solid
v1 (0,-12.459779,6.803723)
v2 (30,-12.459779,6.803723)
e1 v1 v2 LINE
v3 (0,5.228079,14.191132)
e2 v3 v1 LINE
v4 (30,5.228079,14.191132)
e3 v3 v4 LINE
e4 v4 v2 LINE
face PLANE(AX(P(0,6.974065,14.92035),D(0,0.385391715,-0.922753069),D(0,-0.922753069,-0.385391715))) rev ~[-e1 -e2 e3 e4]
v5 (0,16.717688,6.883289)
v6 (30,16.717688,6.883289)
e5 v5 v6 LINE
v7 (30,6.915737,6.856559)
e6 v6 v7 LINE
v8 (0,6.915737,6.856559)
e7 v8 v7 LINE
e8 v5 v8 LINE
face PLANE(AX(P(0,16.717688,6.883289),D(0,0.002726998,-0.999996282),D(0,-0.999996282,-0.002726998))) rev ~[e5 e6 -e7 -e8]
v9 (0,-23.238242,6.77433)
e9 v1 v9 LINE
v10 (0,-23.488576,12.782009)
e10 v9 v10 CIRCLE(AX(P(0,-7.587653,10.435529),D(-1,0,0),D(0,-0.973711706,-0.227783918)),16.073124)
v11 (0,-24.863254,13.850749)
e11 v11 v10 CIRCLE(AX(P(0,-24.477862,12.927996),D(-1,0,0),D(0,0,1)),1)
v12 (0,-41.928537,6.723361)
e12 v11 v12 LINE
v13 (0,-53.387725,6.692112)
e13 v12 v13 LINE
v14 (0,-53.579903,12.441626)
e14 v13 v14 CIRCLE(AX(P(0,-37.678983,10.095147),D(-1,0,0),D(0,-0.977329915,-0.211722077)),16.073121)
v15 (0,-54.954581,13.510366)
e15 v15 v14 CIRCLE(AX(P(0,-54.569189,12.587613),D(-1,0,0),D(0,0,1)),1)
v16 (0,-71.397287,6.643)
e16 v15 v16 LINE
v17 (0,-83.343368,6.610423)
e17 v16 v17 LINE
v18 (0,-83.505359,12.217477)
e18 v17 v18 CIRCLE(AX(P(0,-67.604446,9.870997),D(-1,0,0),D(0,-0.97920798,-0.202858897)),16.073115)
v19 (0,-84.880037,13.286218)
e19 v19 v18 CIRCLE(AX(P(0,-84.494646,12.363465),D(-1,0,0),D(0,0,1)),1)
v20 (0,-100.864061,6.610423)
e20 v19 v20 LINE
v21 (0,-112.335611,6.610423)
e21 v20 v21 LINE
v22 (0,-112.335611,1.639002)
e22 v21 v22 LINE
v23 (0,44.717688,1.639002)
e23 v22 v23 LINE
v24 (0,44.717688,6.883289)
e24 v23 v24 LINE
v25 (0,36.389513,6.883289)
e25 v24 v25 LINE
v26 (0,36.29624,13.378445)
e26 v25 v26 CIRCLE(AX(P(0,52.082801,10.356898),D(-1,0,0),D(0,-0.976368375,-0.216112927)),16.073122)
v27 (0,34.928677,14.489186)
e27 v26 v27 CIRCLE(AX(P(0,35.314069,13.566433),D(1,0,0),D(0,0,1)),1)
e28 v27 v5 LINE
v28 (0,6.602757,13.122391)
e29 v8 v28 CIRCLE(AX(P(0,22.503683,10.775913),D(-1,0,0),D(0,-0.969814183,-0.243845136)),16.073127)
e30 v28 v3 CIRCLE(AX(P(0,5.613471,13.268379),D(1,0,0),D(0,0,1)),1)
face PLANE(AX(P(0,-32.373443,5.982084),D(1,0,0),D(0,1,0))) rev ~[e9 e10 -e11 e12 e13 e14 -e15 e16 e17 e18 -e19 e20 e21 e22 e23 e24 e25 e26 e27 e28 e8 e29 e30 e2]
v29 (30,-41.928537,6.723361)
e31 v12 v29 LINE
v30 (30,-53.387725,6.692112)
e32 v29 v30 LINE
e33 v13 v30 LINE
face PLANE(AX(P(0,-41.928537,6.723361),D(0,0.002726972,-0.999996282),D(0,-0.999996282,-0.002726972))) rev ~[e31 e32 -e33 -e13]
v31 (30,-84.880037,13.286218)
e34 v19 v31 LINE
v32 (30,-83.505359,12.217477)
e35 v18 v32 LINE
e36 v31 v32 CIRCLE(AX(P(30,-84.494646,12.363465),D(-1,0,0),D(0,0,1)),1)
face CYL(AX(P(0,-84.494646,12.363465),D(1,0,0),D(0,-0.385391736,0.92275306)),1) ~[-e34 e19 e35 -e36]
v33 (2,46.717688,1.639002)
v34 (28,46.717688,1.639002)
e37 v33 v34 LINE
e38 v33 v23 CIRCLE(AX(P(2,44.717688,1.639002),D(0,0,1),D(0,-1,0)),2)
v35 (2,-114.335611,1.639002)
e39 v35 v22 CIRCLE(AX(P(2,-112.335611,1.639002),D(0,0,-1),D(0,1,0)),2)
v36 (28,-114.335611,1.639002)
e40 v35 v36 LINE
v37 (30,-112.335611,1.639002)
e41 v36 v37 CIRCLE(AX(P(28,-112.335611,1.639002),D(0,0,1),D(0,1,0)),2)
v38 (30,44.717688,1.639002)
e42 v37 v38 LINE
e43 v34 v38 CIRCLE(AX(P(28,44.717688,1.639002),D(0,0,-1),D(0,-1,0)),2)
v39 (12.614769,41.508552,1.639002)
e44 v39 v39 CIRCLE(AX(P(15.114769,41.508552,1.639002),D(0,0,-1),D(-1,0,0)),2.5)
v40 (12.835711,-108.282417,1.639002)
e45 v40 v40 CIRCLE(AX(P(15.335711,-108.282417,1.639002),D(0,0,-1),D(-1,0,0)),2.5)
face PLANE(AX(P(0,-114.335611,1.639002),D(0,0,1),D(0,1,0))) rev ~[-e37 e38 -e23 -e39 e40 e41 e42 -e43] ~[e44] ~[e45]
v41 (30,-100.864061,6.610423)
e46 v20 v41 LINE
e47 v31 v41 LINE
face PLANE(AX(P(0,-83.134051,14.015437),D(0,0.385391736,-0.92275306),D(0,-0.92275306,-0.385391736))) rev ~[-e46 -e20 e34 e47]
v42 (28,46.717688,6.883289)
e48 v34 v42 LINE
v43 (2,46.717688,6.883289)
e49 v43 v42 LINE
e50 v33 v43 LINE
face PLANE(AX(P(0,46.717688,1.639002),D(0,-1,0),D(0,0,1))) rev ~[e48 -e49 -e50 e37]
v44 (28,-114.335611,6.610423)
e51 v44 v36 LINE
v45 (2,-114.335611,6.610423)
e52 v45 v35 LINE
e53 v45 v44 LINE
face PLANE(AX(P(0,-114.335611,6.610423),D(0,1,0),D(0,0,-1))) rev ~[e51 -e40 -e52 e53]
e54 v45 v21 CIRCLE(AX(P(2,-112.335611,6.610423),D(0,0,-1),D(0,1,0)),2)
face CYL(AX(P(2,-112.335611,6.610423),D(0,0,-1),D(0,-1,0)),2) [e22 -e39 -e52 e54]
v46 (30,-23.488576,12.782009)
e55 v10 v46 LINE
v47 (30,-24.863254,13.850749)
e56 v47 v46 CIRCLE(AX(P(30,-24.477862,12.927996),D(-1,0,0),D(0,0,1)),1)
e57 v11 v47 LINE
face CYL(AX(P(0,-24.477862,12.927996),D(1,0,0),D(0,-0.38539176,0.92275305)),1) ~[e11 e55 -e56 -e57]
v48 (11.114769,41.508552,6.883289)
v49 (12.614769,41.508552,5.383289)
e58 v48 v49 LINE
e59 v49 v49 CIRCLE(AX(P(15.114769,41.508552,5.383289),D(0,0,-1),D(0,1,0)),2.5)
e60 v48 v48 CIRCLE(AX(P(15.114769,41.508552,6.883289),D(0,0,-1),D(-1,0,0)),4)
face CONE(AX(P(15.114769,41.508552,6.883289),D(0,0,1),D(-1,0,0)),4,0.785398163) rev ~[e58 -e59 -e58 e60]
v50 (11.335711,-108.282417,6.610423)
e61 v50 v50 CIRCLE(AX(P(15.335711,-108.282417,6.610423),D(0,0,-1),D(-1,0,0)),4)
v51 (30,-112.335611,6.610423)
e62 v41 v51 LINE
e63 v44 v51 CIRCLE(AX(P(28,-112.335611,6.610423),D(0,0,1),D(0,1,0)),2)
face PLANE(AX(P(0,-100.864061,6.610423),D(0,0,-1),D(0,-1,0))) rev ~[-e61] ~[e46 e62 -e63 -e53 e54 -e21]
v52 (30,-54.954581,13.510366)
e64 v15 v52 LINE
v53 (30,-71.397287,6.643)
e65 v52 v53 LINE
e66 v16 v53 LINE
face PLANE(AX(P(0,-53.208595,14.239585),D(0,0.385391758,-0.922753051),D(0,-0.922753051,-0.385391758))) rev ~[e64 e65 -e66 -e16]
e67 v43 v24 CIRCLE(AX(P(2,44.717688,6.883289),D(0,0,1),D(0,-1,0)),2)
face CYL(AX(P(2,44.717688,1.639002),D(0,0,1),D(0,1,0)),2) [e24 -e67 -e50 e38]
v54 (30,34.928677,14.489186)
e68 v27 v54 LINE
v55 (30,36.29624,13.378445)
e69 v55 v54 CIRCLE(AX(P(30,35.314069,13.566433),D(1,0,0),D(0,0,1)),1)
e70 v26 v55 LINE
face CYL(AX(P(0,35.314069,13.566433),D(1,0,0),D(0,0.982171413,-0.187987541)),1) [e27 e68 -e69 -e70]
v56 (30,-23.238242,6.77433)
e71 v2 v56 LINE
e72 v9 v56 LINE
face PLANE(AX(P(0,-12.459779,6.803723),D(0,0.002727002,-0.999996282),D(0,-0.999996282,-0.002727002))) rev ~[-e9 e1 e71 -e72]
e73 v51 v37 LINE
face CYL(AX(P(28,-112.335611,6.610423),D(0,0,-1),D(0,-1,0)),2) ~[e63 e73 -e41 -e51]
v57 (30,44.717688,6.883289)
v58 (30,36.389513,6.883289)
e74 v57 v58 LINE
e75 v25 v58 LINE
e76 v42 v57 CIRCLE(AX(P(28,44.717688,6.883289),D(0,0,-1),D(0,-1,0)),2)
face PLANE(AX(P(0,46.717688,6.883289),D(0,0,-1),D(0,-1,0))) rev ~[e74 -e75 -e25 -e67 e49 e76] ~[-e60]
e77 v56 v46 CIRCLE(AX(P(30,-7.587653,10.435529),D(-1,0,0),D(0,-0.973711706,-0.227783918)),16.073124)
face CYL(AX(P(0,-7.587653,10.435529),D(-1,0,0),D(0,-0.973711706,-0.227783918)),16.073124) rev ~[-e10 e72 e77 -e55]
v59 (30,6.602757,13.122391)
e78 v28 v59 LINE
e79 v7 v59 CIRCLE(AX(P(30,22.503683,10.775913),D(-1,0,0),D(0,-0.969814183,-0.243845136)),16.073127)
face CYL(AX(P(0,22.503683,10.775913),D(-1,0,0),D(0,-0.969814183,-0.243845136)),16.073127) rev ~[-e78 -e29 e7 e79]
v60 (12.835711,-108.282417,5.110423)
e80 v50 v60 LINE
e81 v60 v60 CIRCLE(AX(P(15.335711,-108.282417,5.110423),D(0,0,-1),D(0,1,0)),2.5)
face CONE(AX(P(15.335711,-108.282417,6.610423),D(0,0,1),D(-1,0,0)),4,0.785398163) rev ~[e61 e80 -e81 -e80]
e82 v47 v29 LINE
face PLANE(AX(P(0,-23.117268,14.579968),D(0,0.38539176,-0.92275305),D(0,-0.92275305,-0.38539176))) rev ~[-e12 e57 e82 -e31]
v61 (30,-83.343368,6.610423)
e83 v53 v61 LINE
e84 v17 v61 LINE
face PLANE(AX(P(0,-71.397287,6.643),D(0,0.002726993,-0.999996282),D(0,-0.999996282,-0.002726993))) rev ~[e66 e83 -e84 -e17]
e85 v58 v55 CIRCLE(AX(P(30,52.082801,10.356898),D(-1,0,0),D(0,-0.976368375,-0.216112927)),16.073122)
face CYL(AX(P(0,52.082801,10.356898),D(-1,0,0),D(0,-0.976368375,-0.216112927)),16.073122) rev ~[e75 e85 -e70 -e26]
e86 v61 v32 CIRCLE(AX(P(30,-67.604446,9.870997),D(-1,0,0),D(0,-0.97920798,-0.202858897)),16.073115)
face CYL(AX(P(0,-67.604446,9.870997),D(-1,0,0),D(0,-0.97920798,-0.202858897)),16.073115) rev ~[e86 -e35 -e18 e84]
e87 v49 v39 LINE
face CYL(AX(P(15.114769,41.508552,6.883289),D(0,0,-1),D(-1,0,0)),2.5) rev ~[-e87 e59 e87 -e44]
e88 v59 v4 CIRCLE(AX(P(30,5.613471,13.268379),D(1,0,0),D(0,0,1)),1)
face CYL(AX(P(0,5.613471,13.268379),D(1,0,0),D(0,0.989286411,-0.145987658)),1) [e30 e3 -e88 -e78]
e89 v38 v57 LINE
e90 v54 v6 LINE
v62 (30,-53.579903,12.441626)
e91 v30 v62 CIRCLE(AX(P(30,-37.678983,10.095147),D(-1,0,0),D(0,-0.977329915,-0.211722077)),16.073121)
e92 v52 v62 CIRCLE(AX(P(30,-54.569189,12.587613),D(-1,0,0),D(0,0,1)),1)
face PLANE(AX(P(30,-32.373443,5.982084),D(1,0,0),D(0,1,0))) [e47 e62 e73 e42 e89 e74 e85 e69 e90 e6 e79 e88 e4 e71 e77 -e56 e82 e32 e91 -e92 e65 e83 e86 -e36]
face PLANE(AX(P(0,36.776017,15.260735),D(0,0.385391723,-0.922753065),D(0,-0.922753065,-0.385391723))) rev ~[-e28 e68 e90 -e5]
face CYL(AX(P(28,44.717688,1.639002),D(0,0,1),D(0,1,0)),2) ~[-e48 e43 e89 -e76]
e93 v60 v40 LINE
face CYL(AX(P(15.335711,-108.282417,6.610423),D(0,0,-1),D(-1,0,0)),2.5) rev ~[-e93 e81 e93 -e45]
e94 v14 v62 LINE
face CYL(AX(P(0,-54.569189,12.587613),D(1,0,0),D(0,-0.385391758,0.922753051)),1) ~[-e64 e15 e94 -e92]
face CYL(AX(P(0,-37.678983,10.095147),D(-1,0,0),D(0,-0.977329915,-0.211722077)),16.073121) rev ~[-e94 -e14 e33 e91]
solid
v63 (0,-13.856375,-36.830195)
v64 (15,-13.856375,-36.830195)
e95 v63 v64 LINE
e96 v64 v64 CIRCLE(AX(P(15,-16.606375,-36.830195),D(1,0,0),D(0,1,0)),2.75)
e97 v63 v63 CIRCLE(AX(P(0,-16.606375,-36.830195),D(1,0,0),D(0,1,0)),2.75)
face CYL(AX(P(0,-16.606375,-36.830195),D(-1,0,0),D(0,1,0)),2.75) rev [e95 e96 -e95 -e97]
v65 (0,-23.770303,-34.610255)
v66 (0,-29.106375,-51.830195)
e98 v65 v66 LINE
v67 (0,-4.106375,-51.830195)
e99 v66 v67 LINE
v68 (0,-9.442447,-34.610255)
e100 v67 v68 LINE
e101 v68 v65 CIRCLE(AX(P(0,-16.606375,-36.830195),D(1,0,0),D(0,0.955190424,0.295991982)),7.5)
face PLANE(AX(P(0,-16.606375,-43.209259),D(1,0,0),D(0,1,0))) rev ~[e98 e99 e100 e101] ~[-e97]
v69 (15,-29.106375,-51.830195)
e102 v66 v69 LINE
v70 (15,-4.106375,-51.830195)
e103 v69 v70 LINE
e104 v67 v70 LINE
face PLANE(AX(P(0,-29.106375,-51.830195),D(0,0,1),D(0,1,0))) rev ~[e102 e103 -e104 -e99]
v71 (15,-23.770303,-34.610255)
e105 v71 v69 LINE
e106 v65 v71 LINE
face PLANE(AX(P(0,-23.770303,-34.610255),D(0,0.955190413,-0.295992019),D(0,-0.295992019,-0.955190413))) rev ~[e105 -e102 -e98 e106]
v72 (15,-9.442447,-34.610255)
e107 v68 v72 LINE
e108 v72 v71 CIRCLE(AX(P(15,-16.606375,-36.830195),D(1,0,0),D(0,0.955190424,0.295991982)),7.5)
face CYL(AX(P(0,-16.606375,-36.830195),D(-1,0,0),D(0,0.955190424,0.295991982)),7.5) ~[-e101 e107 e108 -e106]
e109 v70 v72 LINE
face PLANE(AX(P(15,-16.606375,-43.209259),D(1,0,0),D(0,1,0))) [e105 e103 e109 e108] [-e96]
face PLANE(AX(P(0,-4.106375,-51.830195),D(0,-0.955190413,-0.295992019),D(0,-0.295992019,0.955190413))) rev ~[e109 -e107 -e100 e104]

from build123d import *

# Parameters (mm, degrees)
F1_DEPTH       = 30
F2_R           = 2
F3_R           = 1
F5_D           = 5
F5_CSINK_D     = 8
F5_CSINK_ANGLE = 90
F7_D           = 5
F7_CSINK_D     = 8
F7_CSINK_ANGLE = 90
F8_R           = 2.75
F9_DEPTH       = 15


with BuildPart() as f1:
    # F0 (on Right) → F1 (new body)
    with BuildSketch(Plane.YZ):
        with BuildLine():
            Line((-114.335611, 1.639002), (-103.282312, 1.639002))
            Line((-103.282312, 1.639002), (-103.19238, 1.639002))
            Line((-103.19238, 1.639002), (36.717688, 1.639002))
            Line((36.717688, 1.639002), (46.717688, 1.639002))
            Line((46.717688, 1.639002), (46.717688, 5.639002))
            Line((46.717688, 5.639002), (46.717688, 6.883289))
            Line((46.717688, 6.883289), (36.389513, 6.883289))
            ThreePointArc((36.389513, 6.883289), (36.026758, 11.097664), (36.776017, 15.260735))
            Line((36.776017, 15.260735), (16.717688, 6.883289))
            Line((16.717688, 6.883289), (6.915737, 6.856559))
            ThreePointArc((6.915737, 6.856559), (6.430977, 10.892172), (6.974065, 14.92035))
            Line((6.974065, 14.92035), (-12.459779, 6.803723))
            Line((-12.459779, 6.803723), (-23.238242, 6.77433))
            ThreePointArc((-23.238242, 6.77433), (-23.658847, 10.684605), (-23.117268, 14.579968))
            Line((-23.117268, 14.579968), (-41.928537, 6.723361))
            Line((-41.928537, 6.723361), (-53.387725, 6.692112))
            ThreePointArc((-53.387725, 6.692112), (-53.747579, 10.476515), (-53.208595, 14.239585))
            Line((-53.208595, 14.239585), (-71.397287, 6.643))
            Line((-71.397287, 6.643), (-83.343368, 6.610423))
            ThreePointArc((-83.343368, 6.610423), (-83.671143, 10.325154), (-83.134051, 14.015437))
            Line((-83.134051, 14.015437), (-100.864061, 6.610423))
            Line((-100.864061, 6.610423), (-114.335611, 6.610423))
            Line((-114.335611, 6.610423), (-114.335611, 1.639002))
        make_face()
    extrude(amount=F1_DEPTH)

    # F2
    f2_edges = [f1.edges().sort_by_distance(p)[0] for p in [
        (0, -114.335611, 4.124713),
        (30, -114.335611, 4.124713),
        (0, 46.717688, 4.261146),
        (30, 46.717688, 4.261146),
    ]]
    fillet(f2_edges, radius=F2_R)

    # F3
    f3_edges = [f1.edges().sort_by_distance(p)[0] for p in [
        (15, 36.776017, 15.260735),
        (15, 6.974065, 14.92035),
        (15, -23.117268, 14.579968),
        (15, -53.208595, 14.239585),
        (15, -83.134051, 14.015437),
    ]]
    fillet(f3_edges, radius=F3_R)

    # F5 (through all)
    with Locations(Plane.XY.offset(6.610423)):
        with Locations((15.335711, -108.282417)):
            CounterSinkHole(F5_D / 2, F5_CSINK_D / 2, counter_sink_angle=F5_CSINK_ANGLE)

    # F7 (through all)
    with Locations(Plane.XY.offset(6.883289)):
        with Locations((15.114769, 41.508552)):
            CounterSinkHole(F7_D / 2, F7_CSINK_D / 2, counter_sink_angle=F7_CSINK_ANGLE)


with BuildPart() as f9:
    # F8 (on Right) → F9 (new body)
    with BuildSketch(Plane.YZ):
        with BuildLine():
            Line((-4.106375, -51.830195), (-9.442447, -34.610255))
            ThreePointArc((-9.442447, -34.610255), (-16.606375, -29.330195), (-23.770303, -34.610255))
            Line((-23.770303, -34.610255), (-29.106375, -51.830195))
            Line((-29.106375, -51.830195), (-4.106375, -51.830195))
        make_face()
        with Locations((-16.606375, -36.830195)):
            Circle(F8_R, mode=Mode.SUBTRACT)
    extrude(amount=F9_DEPTH)


solid = Compound([f1.part, f9.part])
